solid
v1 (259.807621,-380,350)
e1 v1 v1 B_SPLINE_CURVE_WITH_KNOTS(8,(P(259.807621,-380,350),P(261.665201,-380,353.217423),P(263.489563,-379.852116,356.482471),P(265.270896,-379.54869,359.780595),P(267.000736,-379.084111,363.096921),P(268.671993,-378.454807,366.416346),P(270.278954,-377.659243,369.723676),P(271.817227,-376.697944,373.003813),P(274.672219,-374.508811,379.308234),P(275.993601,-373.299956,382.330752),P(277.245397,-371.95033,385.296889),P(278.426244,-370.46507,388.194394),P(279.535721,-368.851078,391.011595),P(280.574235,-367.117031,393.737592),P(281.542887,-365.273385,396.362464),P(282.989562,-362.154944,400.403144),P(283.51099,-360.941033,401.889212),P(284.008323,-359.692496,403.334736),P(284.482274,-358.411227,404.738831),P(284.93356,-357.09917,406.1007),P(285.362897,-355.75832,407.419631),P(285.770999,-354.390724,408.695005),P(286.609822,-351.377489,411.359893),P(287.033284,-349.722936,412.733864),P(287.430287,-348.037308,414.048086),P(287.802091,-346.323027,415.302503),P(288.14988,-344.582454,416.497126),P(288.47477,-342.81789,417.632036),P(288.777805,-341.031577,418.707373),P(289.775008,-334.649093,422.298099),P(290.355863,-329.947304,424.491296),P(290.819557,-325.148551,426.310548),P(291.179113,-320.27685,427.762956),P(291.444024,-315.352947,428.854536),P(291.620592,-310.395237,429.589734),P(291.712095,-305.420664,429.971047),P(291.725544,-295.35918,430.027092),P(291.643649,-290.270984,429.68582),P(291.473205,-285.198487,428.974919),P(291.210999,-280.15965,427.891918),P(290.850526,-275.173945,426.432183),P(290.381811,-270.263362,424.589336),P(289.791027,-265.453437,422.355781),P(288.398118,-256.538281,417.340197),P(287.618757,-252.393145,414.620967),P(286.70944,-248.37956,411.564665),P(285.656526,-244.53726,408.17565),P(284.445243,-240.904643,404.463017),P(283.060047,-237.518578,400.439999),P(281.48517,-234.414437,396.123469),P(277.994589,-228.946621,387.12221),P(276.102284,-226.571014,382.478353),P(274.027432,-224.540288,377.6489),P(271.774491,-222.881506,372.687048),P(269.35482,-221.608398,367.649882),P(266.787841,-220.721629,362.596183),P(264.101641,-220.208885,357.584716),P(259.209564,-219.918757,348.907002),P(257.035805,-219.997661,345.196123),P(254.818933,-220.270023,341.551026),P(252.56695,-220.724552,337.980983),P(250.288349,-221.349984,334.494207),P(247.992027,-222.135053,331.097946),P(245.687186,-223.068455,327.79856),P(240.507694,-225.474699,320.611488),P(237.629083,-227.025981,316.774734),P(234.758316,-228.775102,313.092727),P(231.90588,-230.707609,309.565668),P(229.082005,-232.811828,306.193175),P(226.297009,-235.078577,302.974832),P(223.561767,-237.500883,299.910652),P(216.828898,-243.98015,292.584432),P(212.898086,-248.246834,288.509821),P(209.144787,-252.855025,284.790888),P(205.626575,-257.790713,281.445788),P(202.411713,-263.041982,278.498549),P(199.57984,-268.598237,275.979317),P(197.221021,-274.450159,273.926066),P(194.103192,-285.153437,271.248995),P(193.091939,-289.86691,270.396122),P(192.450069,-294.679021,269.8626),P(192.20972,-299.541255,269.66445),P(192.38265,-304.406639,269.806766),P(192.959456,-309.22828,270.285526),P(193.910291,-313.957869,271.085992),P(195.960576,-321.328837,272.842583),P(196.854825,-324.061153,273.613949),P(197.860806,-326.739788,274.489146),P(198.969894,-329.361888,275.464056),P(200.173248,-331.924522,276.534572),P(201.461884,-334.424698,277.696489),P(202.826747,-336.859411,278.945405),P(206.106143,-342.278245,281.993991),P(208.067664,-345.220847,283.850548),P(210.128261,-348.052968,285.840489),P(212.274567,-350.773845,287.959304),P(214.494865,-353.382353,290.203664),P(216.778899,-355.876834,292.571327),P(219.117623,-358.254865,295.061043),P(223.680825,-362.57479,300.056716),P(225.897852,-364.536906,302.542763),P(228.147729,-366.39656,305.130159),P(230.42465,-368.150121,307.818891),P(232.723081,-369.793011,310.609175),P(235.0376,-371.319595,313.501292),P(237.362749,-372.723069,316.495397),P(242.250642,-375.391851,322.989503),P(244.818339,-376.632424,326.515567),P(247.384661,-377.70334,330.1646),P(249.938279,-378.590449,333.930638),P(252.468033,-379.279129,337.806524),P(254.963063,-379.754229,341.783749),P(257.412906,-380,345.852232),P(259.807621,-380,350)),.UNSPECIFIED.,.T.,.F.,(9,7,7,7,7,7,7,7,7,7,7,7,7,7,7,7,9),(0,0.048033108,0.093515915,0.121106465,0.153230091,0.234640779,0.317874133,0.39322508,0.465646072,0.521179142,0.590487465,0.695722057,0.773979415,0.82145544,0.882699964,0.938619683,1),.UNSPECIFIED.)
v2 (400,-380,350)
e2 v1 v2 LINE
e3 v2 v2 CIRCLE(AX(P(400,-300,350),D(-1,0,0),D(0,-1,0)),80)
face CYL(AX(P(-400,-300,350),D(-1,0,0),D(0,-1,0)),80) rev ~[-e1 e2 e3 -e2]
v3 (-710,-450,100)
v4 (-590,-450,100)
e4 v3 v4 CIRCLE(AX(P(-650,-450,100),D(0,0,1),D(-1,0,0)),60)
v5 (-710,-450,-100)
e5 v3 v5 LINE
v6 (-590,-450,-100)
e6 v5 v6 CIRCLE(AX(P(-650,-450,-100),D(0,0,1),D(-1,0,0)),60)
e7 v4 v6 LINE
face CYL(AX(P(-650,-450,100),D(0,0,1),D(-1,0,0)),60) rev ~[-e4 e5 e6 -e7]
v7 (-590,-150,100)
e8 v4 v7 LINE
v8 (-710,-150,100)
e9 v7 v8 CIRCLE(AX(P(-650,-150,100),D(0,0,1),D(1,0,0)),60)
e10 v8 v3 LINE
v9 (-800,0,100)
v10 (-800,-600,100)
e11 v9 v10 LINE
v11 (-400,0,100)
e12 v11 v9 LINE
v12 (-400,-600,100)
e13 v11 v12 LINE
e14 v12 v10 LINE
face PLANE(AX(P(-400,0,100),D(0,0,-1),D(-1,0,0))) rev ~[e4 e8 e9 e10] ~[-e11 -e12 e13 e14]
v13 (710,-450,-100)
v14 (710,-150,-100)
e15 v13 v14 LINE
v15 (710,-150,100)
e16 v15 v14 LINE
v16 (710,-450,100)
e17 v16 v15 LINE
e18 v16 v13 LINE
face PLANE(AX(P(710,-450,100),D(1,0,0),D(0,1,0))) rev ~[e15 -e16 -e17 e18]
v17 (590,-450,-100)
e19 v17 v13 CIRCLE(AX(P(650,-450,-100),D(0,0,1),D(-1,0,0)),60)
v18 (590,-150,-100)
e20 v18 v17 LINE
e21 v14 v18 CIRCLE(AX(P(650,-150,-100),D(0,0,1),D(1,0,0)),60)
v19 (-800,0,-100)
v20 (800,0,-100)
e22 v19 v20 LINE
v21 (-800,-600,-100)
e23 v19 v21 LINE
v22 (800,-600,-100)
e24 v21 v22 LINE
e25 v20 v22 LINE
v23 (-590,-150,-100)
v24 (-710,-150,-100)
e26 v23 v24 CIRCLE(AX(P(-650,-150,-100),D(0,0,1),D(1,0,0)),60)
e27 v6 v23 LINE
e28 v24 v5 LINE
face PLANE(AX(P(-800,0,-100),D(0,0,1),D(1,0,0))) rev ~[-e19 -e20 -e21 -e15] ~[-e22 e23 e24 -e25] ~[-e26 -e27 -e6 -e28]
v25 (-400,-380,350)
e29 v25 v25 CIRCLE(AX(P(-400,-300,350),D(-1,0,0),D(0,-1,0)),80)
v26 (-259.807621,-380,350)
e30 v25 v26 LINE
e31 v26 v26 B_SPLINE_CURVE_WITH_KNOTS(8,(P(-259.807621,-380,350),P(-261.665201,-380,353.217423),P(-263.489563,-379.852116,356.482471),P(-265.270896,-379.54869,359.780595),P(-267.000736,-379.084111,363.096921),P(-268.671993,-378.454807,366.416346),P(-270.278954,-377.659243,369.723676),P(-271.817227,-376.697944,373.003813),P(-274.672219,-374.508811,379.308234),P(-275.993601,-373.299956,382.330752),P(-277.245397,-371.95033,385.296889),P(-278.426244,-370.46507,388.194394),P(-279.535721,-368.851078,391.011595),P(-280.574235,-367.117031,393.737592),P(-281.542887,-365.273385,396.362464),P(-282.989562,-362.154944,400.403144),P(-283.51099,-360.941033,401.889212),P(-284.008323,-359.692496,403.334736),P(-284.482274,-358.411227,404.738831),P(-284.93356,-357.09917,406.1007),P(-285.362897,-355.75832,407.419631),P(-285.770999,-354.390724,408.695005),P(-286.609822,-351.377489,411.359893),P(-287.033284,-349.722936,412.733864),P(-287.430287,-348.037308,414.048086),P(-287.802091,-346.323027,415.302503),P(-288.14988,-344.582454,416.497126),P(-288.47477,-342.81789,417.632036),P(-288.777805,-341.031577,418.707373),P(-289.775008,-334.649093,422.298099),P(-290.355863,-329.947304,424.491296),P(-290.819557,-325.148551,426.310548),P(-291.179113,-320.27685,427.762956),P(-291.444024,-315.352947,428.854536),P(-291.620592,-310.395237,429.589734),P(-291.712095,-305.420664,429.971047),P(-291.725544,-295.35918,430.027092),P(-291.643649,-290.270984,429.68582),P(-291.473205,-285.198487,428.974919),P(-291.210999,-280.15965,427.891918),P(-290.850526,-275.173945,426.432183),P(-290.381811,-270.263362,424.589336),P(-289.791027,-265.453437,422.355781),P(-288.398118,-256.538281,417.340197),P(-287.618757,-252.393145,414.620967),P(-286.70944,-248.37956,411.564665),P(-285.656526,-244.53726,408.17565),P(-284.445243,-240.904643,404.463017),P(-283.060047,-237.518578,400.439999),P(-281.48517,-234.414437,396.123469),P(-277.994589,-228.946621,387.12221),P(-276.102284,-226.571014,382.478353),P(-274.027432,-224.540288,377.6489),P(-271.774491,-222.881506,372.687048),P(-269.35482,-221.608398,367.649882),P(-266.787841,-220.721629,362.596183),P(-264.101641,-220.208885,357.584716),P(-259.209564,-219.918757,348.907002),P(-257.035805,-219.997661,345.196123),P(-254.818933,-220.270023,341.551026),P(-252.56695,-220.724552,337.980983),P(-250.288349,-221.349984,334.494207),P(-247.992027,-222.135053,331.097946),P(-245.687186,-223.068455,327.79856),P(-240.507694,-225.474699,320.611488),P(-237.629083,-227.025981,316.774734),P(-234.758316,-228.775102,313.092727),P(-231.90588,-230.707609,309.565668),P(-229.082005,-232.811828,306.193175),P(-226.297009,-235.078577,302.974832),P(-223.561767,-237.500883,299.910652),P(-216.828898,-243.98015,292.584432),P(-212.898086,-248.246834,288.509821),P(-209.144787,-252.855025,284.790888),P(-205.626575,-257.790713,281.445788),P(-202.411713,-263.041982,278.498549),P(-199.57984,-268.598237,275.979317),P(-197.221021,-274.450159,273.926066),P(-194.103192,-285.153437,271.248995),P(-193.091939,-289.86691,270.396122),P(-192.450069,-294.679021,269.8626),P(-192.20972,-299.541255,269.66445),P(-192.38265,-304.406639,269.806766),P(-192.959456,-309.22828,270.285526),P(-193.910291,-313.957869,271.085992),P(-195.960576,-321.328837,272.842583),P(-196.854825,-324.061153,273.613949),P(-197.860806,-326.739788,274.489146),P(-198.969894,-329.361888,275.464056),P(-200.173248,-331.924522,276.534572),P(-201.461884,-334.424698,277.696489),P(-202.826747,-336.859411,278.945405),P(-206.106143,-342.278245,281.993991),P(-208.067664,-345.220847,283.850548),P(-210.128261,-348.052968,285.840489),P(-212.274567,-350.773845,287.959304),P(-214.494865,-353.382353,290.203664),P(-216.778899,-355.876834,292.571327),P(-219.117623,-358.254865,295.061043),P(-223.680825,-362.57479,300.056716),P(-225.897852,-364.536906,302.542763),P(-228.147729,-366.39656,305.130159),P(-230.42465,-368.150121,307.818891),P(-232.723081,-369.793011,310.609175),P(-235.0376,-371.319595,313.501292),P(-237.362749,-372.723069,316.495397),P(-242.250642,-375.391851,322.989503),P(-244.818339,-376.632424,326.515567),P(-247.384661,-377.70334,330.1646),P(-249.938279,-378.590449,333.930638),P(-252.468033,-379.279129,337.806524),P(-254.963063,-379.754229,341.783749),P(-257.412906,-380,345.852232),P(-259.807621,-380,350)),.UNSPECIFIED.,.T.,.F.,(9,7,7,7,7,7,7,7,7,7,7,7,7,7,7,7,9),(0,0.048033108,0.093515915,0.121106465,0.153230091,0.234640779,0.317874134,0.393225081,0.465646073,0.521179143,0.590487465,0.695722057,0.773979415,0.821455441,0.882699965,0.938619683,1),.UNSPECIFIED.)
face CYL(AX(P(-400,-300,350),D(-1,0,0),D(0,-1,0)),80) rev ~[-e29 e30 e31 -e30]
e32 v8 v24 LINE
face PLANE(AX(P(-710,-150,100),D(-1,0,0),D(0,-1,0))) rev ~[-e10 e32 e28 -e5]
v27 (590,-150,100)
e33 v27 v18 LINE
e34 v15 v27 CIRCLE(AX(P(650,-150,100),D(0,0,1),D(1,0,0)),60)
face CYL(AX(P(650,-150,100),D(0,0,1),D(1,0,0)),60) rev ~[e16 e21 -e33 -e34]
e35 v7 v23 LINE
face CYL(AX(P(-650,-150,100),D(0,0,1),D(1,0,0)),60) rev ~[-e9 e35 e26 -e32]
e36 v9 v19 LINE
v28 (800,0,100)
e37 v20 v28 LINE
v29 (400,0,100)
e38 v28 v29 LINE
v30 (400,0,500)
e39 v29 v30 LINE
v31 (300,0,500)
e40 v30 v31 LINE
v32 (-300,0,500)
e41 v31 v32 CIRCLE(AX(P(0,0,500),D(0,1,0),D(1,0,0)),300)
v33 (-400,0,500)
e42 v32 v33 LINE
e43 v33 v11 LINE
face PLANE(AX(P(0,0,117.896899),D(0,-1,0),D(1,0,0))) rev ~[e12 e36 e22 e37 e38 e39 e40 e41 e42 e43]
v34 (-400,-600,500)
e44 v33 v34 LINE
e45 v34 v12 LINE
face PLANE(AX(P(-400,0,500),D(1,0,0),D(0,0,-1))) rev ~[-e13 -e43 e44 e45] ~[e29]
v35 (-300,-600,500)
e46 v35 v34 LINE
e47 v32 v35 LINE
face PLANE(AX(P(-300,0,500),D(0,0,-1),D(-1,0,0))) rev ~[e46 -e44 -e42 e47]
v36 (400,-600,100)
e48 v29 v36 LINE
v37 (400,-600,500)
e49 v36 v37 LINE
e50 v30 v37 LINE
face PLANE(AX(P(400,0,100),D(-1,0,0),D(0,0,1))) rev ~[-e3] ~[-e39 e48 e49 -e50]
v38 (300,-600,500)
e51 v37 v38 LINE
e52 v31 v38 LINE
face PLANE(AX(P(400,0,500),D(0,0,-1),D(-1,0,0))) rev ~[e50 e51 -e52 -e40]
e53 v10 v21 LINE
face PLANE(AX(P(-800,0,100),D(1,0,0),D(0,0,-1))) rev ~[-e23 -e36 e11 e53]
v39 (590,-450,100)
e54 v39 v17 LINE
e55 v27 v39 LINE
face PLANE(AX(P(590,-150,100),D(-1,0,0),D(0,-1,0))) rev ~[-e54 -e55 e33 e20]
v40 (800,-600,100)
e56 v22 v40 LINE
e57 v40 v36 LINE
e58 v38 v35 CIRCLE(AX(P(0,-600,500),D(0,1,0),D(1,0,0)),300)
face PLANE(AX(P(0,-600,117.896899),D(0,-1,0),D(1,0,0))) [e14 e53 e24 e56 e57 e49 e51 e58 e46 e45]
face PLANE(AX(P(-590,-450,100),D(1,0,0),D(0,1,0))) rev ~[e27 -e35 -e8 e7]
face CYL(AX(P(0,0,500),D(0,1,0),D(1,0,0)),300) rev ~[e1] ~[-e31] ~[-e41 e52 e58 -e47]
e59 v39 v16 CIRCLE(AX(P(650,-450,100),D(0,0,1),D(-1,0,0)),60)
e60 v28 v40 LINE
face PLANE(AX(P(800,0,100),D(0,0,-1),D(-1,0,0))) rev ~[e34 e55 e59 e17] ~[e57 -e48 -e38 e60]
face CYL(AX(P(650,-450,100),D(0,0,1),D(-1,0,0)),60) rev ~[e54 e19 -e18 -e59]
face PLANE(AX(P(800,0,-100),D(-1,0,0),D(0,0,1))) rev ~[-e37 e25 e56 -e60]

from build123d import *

# Parameters (mm, degrees)
F1_DEPTH = 600
F2_R     = 80
F3_DEPTH = 1200.001
F5_DEPTH = 200.001


with BuildPart() as f1:
    # F0 (on Front) → F1 (new body)
    with BuildSketch(Plane.XZ):
        with BuildLine():
            Line((-400, 100), (-800, 100))
            Line((-800, 100), (-800, -100))
            Line((-800, -100), (800, -100))
            Line((800, -100), (800, 100))
            Line((800, 100), (400, 100))
            Line((400, 100), (400, 500))
            Line((400, 500), (300, 500))
            ThreePointArc((300, 500), (0, 200), (-300, 500))
            Line((-300, 500), (-400, 500))
            Line((-400, 500), (-400, 100))
        make_face()
    extrude(amount=F1_DEPTH)

    # F2 (on face) → F3 (cut, through all)
    with BuildSketch(Plane(origin=(-400, 0, 0), x_dir=(0, -1, 0), z_dir=(-1, 0, 0))):
        with Locations((300, 350)):
            Circle(F2_R)
    extrude(amount=-F3_DEPTH, mode=Mode.SUBTRACT)

    # F4 (on face) → F5 (cut, through all)
    with BuildSketch(Plane.XY.offset(100)):
        with BuildLine():
            Line((-710, -150), (-710, -450))
            ThreePointArc((-710, -450), (-650, -510), (-590, -450))
            Line((-590, -450), (-590, -150))
            ThreePointArc((-590, -150), (-650, -90), (-710, -150))
        make_face()
        with BuildLine():
            Line((590, -150), (590, -450))
            ThreePointArc((590, -450), (650, -510), (710, -450))
            Line((710, -450), (710, -150))
            ThreePointArc((710, -150), (650, -90), (590, -150))
        make_face()
    extrude(amount=-F5_DEPTH, mode=Mode.SUBTRACT)


solid = f1.part
